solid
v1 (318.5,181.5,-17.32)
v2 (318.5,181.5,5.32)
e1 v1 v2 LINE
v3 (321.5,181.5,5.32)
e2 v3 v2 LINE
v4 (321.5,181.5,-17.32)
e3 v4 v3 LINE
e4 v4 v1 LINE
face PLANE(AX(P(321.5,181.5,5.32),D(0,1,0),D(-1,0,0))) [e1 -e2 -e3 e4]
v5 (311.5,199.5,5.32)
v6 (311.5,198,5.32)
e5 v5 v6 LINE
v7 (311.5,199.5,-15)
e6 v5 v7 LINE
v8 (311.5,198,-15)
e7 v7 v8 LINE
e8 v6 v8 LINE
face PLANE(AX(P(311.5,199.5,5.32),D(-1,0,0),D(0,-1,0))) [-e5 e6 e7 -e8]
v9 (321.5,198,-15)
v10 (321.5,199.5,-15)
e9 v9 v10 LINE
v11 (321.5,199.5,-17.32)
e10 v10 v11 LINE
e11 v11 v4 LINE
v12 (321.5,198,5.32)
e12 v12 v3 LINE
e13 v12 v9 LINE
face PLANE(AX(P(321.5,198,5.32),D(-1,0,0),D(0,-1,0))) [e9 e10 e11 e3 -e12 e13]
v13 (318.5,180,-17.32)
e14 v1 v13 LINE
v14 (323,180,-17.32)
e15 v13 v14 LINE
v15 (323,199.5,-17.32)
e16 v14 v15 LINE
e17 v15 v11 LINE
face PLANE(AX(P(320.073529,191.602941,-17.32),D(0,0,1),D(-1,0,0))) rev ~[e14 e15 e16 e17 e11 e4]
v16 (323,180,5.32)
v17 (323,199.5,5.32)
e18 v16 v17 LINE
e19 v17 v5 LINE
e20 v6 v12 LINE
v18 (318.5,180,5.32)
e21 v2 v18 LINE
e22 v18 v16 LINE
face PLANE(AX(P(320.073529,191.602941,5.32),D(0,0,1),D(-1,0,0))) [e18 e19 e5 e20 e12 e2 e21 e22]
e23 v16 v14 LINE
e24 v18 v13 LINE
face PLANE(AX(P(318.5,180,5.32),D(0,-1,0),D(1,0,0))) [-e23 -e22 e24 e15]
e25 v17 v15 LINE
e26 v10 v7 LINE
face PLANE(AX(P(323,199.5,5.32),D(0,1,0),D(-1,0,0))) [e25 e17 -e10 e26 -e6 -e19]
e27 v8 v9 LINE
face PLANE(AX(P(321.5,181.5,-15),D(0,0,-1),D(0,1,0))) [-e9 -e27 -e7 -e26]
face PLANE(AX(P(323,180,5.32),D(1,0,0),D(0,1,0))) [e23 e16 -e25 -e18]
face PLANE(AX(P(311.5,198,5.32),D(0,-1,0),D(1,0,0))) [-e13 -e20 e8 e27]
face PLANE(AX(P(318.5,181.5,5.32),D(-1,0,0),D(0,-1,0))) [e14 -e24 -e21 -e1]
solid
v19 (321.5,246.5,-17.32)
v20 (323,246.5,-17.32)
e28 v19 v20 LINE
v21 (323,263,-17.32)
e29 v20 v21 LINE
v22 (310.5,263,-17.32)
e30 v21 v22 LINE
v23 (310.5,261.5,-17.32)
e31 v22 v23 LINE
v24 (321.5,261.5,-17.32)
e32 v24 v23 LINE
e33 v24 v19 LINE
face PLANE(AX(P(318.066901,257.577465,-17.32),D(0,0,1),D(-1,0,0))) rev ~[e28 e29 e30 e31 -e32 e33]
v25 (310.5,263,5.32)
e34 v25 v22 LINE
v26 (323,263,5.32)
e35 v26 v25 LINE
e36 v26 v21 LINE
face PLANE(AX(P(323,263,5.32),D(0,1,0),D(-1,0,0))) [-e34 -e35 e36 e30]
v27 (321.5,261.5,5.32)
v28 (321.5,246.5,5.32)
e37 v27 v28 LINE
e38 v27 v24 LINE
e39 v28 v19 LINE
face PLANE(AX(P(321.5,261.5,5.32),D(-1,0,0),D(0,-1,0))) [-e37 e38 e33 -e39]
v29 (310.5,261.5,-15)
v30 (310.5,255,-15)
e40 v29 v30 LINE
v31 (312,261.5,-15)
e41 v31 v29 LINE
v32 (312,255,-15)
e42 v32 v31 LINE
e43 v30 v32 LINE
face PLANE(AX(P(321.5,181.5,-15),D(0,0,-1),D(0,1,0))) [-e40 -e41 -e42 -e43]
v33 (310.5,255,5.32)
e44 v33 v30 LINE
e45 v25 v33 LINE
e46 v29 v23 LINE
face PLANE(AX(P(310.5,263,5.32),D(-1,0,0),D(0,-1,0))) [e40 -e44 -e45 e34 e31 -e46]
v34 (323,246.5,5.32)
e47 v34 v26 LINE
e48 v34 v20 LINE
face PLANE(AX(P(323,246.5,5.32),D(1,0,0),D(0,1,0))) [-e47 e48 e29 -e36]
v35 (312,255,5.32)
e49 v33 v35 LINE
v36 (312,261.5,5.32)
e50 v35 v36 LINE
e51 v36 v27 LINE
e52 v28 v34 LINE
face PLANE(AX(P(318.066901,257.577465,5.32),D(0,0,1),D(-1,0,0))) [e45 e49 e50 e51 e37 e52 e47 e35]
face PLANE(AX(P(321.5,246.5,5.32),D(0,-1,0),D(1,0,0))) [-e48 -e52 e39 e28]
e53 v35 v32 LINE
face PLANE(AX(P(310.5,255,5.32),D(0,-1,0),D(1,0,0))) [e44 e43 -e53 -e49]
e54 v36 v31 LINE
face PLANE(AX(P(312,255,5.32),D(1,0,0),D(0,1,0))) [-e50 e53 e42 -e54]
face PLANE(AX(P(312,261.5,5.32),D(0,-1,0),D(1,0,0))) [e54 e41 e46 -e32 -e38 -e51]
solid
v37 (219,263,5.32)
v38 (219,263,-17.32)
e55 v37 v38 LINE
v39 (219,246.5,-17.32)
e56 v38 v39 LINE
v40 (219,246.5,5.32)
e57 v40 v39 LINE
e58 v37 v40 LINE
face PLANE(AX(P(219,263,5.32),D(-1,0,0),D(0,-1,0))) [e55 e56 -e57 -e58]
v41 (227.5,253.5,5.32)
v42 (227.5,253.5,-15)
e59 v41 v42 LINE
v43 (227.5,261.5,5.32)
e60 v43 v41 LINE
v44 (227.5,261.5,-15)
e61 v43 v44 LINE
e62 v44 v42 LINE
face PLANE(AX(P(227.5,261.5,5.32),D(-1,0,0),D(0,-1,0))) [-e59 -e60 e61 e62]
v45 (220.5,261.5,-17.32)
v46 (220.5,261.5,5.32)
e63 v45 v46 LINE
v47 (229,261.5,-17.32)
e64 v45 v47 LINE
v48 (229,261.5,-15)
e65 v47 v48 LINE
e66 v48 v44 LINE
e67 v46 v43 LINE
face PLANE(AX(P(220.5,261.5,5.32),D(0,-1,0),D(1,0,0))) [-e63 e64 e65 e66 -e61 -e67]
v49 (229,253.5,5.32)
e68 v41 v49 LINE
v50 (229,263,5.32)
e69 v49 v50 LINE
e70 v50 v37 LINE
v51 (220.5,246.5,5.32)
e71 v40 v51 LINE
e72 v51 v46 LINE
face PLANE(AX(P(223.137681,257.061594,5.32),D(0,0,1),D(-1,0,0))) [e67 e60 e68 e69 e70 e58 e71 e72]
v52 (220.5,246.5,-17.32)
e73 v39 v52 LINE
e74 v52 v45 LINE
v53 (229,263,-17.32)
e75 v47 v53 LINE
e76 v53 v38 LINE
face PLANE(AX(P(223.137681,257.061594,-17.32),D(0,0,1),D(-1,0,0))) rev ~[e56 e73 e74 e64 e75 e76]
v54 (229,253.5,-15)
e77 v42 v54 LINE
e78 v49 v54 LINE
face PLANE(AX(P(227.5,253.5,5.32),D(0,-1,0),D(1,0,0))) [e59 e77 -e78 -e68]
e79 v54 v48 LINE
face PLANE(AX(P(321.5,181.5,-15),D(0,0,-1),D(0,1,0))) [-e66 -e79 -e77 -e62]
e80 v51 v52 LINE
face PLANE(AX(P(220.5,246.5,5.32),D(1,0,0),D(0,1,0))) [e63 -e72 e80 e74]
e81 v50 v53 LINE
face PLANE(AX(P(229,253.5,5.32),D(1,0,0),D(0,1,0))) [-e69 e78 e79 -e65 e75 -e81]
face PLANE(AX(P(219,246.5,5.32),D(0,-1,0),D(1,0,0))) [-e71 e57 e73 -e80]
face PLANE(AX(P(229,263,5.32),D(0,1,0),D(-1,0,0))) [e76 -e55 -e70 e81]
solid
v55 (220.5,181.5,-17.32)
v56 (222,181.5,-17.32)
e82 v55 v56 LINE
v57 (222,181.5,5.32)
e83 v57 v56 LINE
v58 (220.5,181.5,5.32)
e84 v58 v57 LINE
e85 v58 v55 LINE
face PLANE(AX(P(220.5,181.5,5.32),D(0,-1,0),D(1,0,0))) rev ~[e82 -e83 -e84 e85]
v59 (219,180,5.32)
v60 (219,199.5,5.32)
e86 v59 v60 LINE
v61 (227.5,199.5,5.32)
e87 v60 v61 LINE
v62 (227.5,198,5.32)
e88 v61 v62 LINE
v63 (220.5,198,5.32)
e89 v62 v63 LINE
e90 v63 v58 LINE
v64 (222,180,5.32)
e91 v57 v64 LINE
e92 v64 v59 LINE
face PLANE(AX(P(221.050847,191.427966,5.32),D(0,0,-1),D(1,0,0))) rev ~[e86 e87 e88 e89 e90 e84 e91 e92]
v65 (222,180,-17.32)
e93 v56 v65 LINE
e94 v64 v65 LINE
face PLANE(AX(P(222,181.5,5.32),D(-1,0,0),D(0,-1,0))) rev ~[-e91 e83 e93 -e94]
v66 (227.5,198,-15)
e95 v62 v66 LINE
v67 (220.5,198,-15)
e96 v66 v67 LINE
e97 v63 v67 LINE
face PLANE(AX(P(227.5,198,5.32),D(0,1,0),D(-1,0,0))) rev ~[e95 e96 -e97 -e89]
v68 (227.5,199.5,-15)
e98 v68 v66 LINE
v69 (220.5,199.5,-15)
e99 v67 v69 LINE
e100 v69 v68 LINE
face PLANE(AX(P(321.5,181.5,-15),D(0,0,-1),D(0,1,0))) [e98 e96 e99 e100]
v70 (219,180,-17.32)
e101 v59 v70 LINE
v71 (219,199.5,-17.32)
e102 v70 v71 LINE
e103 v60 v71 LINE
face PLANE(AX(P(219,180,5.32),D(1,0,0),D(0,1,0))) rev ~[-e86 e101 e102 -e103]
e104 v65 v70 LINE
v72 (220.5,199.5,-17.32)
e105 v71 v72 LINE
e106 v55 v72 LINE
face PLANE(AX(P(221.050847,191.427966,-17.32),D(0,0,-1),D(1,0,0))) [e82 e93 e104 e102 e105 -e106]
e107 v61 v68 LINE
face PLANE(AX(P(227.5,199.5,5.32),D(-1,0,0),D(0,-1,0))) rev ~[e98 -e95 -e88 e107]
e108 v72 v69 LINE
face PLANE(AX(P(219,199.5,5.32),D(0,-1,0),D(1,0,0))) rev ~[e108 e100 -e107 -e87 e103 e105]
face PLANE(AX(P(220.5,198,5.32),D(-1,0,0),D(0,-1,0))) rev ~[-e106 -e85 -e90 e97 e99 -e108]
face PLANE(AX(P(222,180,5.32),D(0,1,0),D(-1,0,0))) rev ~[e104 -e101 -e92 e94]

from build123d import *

# Parameters (mm, degrees)
SKETCH068_W      = 80
SKETCH068_H      = 3
EXTRUDE058_DEPTH = 101
EXTRUDE057_DEPTH = 22.64


with BuildPart() as extrude058:
    # Sketch068 → Extrude058 (new body)
    with BuildSketch(Plane.YZ.offset(321.5)):
        with Locations((221.5, -16.5)):
            Rectangle(SKETCH068_W, SKETCH068_H)
    extrude(amount=-EXTRUDE058_DEPTH)


with BuildPart() as jetson_align001:
    # Sketch067 → Extrude057 (new body)
    with BuildSketch(Plane(origin=(0, 0, 5.32), x_dir=(1, 0, 0), z_dir=(0, 0, -1))):
        Polygon((321.5, -246.5), (323, -246.5), (323, -263), (310.5, -263), (310.5, -255), (312, -255), (312, -261.5), (321.5, -261.5), align=None)
        Polygon((220.5, -246.5), (220.5, -261.5), (227.5, -261.5), (227.5, -253.5), (229, -253.5), (229, -263), (219, -263), (219, -246.5), align=None)
        Polygon((227.5, -199.5), (227.5, -198), (220.5, -198), (220.5, -181.5), (222, -181.5), (222, -180), (219, -180), (219, -199.5), align=None)
        Polygon((311.5, -199.5), (311.5, -198), (321.5, -198), (321.5, -181.5), (318.5, -181.5), (318.5, -180), (323, -180), (323, -199.5), align=None)
    extrude(amount=EXTRUDE057_DEPTH)

    # Cut005: cut Extrude058
    add(extrude058.part, mode=Mode.SUBTRACT)


solid = jetson_align001.part
